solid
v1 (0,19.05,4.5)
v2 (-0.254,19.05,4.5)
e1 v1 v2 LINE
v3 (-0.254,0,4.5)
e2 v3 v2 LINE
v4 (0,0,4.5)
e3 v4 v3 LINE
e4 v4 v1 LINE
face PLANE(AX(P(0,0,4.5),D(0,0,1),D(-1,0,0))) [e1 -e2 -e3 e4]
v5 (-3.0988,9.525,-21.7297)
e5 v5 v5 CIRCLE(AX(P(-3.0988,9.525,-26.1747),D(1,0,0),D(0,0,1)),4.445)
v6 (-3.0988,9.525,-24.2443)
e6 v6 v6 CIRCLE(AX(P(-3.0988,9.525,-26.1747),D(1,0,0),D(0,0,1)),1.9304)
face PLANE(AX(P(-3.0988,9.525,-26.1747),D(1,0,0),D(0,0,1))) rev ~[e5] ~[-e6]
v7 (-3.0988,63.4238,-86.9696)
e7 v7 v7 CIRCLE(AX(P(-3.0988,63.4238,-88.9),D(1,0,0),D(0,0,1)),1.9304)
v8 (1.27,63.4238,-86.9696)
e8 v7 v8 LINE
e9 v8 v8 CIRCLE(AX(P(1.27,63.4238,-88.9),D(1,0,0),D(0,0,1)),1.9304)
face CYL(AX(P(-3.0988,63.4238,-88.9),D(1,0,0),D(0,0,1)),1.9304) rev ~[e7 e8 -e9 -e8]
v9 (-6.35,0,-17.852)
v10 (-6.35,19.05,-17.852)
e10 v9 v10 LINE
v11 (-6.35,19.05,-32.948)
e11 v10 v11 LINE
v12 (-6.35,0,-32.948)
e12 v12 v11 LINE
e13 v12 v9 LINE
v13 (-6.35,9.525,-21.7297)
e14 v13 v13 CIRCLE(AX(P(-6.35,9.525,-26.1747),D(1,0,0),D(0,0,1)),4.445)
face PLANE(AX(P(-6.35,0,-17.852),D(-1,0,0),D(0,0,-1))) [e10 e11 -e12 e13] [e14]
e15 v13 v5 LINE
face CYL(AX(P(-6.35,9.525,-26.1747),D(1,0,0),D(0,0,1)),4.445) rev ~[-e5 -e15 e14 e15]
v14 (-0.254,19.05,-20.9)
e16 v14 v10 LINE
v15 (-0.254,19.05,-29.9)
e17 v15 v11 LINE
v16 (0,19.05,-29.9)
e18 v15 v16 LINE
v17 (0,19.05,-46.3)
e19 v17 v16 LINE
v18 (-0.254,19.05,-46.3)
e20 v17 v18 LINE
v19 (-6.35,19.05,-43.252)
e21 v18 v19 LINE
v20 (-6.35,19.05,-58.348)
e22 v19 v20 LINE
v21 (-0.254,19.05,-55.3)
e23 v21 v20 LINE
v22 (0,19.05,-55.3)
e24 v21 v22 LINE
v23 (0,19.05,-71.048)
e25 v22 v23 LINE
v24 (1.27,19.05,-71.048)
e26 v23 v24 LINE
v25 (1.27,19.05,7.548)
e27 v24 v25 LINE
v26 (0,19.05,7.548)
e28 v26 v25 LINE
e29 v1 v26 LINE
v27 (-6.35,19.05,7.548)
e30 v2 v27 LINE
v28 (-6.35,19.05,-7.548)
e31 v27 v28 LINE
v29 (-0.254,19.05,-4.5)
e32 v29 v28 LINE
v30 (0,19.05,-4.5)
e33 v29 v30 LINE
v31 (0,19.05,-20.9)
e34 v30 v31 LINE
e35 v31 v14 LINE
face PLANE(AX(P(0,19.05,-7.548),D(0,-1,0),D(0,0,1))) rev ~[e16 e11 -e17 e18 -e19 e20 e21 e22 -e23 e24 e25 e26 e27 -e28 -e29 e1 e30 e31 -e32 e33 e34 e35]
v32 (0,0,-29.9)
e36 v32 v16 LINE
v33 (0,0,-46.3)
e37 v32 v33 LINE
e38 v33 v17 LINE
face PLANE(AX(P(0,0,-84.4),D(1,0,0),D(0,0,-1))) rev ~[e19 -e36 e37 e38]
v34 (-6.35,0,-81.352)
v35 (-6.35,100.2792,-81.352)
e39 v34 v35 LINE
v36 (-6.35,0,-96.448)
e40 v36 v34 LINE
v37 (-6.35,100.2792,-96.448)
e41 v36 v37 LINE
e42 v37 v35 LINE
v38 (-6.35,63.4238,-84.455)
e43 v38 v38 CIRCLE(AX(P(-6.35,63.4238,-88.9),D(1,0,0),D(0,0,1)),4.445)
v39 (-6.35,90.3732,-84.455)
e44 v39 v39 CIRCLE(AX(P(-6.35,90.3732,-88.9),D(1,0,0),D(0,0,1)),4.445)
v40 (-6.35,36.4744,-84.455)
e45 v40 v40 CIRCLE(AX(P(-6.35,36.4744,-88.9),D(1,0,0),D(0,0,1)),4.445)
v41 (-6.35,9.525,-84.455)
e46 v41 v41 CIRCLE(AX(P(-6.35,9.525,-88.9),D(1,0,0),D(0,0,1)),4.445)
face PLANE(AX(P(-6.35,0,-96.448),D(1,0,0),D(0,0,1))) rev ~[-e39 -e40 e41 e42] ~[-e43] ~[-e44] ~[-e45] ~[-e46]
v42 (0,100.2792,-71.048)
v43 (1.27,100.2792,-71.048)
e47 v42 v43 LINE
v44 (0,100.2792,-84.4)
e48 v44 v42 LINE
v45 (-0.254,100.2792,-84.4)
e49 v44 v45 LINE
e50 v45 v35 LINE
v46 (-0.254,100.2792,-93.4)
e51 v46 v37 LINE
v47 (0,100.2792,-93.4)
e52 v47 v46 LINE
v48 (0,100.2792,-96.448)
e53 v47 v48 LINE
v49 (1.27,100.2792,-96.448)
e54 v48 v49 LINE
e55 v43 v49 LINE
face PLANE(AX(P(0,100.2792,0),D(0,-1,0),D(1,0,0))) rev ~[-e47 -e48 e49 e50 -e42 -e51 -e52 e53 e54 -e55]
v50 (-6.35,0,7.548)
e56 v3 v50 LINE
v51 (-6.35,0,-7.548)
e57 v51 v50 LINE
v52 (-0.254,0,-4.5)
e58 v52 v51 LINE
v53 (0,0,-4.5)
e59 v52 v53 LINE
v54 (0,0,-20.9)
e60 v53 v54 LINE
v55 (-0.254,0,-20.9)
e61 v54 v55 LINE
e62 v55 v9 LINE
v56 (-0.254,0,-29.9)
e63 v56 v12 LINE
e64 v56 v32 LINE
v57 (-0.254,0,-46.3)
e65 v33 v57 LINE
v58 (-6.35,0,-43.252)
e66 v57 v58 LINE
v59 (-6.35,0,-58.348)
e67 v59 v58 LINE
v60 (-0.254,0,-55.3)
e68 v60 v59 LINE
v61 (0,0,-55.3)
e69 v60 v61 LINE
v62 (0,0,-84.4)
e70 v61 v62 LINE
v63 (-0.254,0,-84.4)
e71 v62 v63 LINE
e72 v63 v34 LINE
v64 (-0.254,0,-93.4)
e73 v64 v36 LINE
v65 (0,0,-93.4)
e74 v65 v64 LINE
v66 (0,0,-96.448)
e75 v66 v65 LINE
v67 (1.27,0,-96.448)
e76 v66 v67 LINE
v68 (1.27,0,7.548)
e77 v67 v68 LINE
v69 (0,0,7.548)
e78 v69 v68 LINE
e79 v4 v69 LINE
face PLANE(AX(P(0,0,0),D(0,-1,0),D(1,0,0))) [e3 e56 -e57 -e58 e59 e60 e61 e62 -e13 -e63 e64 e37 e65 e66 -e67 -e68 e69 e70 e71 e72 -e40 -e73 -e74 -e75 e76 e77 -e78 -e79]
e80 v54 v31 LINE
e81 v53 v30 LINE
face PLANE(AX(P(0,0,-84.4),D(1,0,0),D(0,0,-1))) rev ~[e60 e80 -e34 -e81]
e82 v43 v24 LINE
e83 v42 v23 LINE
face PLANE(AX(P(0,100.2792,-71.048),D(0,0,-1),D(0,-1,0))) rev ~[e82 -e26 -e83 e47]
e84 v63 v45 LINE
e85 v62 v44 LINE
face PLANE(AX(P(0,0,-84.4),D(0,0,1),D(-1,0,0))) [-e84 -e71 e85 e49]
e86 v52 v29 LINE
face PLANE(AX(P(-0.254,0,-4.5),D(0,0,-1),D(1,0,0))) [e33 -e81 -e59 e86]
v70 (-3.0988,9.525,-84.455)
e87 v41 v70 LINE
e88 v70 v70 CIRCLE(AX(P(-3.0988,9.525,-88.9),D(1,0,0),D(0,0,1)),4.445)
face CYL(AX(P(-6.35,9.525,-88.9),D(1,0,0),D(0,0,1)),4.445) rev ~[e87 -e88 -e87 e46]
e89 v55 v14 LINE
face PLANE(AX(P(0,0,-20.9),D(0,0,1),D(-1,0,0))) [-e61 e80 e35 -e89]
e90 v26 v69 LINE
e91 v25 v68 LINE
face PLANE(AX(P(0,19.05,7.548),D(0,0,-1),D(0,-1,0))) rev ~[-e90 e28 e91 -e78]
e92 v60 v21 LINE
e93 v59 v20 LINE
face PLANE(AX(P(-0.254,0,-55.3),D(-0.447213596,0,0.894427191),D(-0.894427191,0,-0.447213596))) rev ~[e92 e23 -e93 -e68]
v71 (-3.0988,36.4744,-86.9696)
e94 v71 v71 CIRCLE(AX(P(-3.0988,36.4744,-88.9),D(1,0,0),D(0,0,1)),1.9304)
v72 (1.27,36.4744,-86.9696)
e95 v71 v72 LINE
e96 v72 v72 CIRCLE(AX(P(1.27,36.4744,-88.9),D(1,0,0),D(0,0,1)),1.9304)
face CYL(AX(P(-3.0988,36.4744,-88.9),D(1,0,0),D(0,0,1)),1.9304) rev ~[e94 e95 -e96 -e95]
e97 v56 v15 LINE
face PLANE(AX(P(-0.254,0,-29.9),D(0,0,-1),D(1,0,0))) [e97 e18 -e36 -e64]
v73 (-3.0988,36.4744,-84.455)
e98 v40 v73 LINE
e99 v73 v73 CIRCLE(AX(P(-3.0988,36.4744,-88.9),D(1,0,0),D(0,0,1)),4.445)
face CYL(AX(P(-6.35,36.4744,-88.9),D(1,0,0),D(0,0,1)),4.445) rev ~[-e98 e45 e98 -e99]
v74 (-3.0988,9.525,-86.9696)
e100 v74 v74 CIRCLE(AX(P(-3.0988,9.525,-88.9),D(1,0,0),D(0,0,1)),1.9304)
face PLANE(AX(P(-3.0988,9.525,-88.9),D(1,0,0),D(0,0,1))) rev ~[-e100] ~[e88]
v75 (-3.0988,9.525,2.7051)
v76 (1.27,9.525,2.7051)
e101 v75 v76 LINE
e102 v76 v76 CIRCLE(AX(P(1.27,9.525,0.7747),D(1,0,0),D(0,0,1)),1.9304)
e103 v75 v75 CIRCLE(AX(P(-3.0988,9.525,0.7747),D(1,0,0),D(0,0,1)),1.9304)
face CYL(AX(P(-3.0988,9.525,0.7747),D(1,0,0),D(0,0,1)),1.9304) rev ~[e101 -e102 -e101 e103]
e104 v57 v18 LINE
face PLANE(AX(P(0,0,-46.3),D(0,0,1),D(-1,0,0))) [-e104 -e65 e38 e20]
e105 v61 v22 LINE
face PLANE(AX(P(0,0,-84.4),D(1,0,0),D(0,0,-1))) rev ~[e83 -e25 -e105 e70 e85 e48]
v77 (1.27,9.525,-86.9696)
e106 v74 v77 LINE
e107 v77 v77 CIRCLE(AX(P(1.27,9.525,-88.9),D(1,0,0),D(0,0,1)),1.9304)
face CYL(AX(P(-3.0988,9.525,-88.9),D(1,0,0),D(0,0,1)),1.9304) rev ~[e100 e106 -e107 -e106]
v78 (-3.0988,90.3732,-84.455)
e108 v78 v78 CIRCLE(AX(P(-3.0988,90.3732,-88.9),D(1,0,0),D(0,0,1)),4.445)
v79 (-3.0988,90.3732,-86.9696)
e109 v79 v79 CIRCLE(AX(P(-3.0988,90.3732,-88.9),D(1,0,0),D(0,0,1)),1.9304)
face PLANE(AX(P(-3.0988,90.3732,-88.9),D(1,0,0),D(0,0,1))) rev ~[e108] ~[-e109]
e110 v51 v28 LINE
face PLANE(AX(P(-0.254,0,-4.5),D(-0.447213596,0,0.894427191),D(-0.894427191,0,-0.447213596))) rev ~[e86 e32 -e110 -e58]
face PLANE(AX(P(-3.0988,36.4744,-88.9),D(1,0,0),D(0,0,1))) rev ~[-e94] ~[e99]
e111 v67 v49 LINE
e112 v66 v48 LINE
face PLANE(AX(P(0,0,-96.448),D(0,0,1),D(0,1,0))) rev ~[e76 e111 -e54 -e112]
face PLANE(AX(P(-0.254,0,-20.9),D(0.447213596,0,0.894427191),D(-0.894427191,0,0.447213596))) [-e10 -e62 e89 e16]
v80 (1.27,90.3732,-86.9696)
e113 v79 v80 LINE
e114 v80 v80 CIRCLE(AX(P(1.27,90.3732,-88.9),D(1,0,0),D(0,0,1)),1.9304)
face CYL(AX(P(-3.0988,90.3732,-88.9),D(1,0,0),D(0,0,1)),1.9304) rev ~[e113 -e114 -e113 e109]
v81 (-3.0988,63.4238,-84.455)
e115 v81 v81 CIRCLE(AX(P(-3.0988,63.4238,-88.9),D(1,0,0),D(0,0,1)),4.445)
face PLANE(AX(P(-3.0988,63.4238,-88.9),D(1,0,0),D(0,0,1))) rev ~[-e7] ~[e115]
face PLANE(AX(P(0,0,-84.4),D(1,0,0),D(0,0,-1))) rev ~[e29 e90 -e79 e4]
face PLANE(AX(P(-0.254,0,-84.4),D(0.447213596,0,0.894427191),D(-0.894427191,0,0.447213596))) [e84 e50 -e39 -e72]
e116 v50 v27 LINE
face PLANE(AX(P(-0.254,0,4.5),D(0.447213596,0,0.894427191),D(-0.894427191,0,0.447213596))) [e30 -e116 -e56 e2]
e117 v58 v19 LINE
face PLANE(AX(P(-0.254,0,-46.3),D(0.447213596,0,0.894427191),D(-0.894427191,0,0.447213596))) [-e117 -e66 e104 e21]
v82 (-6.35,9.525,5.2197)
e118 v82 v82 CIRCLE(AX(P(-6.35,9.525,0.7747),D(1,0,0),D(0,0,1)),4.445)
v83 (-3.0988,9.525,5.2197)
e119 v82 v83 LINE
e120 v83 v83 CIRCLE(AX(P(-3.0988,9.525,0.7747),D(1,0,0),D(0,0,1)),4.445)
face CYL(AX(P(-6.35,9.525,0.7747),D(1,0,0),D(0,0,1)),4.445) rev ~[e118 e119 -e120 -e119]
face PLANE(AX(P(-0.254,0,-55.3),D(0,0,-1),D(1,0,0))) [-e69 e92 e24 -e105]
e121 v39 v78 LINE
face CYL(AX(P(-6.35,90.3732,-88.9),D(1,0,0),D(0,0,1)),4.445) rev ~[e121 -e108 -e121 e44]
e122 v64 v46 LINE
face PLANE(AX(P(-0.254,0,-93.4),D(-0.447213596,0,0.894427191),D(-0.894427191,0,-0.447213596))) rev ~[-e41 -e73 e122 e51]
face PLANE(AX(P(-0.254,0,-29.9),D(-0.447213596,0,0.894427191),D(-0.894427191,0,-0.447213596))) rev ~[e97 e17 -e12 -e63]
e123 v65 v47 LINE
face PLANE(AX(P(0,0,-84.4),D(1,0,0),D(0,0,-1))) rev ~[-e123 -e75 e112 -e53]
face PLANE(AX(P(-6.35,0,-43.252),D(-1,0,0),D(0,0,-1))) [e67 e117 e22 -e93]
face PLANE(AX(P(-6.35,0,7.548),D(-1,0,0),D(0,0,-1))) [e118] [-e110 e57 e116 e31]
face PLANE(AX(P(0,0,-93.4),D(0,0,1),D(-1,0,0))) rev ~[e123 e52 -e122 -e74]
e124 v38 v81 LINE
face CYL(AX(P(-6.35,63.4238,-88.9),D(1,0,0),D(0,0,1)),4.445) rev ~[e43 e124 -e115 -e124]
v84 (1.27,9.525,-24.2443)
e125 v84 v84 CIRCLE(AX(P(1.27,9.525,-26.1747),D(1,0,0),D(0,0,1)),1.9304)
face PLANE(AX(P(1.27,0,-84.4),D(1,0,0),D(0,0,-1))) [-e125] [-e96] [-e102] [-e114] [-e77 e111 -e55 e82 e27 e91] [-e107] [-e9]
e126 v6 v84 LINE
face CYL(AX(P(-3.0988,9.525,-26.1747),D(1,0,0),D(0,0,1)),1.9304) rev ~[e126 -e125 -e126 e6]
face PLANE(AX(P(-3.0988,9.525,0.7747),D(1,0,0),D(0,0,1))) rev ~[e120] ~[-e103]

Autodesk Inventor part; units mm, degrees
ref_plane "YZ Plane" through (0, 0, 0) normal (1, 0, 0) x (0, 1, 0)
ref_plane "XY Plane" through (0, 0, 0) normal (0, 0, 1) x (1, 0, 0)
sketch "Sketch1" plane through (0, 0, 0) normal (0, 1, 0) x (-1, 0, 0)
  line L0 (0, 4.5) -> (0.254, 4.5)
  line L1 (0.254, -4.5) -> (0, -4.5)
  line L2 (6.35, 4.5) -> (6.35, -4.5)
  line L3 (6.35, 7.548) -> (6.35, 4.5)
  line L4 (6.35, -7.548) -> (6.35, -4.5)
  line L5 (0.254, 4.5) -> (6.35, 7.548)
  line L6 (0.254, -4.5) -> (6.35, -7.548)
  line L7 (0, 4.5) -> (0, -4.5)
  line L8 (0, -20.9) -> (0.254, -20.9)
  line L9 (0.254, -29.9) -> (0, -29.9)
  line L10 (6.35, -20.9) -> (6.35, -29.9)
  line L11 (6.35, -17.852) -> (6.35, -20.9)
  line L12 (6.35, -32.948) -> (6.35, -29.9)
  line L13 (0.254, -20.9) -> (6.35, -17.852)
  line L14 (0.254, -29.9) -> (6.35, -32.948)
  line L15 (0, -20.9) -> (0, -29.9)
  line L16 (0, -46.3) -> (0.254, -46.3)
  line L17 (0.254, -55.3) -> (0, -55.3)
  line L18 (6.35, -46.3) -> (6.35, -55.3)
  line L19 (6.35, -43.252) -> (6.35, -46.3)
  line L20 (6.35, -58.348) -> (6.35, -55.3)
  line L21 (0.254, -46.3) -> (6.35, -43.252)
  line L22 (0.254, -55.3) -> (6.35, -58.348)
  line L23 (0, -46.3) -> (0, -55.3)
  line L24 (0, -71.7) -> (0.254, -71.7)
  line L25 (0.254, -80.7) -> (0, -80.7)
  line L26 (6.35, -71.7) -> (6.35, -80.7)
  line L27 (6.35, -68.652) -> (6.35, -71.7)
  line L28 (6.35, -83.748) -> (6.35, -80.7)
  line L29 (0.254, -71.7) -> (6.35, -68.652)
  line L30 (0.254, -80.7) -> (6.35, -83.748)
  line L31 (0, -71.7) -> (0, -80.7)
  point P0 (0, 0)
  dimension "d16" = 6.096
  dimension "d25" = 9
  dimension "d26" = 3.048
  dimension "d27" = 3.048
  dimension "d28" = 0.254
  dimension "d29" = 0.254
  dimension "d33" = 25.4
extrude "Shape" add sketch "Sketch1" along normal blind 19.05 contours L0 L5 L3 L2 L4 L6 L1 L7 | L8 L13 L11 L10 L12 L14 L9 L15 | L16 L21 L19 L18 L20 L22 L17 L23
sketch "Sketch4" plane through (0, 0, 0) normal (0, -1, 0) x (1, 0, 0)
  line L0 (0, -55.3) -> (-0.254, -55.3) construction
  line L1 (0, -46.3) -> (0, -55.3) construction
  line L2 (-6.35, -43.252) -> (-0.254, -46.3) construction
  line L3 (-6.35, -58.348) -> (-6.35, -43.252) construction
  line L4 (-0.254, -55.3) -> (-6.35, -58.348) construction
  line L5 (-0.254, -46.3) -> (0, -46.3) construction
  line L6 (0, -84.4) -> (-0.254, -84.4)
  line L7 (-0.254, -84.4) -> (-6.35, -81.352)
  line L8 (-6.35, -96.448) -> (-6.35, -81.352)
  line L9 (-0.254, -55.3) -> (-6.35, -58.348) projected
  line L10 (-0.254, -93.4) -> (-6.35, -96.448)
  line L11 (0, -93.4) -> (-0.254, -93.4)
  line L12 (0, -93.4) -> (0, -84.4)
  line L13 (-0.254, -46.3) -> (0, -46.3) projected
  line L14 (0, -46.3) -> (0, -55.3) projected
  point P0 (0, 0)
  dimension "d81" = 38.1
extrude "Extrusion4" add sketch "Sketch4" against normal blind 100.2792
sketch "Sketch5" plane through (0, 0, -84.4) normal (1, 0, 0) x (0, 0, -1)
  line L0 (12.048, 0) -> (12.048, 100.2792) construction
  line L1 (0, 100.2792) -> (9, 100.2792) construction
  line L2 (-91.948, 0) -> (-91.948, 19.05) construction
  line L3 (-76.852, 0) -> (-91.948, 0) projected
  line L4 (12.048, 0) -> (9, 0) projected
  line L5 (-91.948, 0) -> (12.048, 0)
  line L6 (9, 100.2792) -> (12.048, 100.2792) projected
  line L7 (12.048, 0) -> (12.048, 100.2792)
  line L8 (12.048, 100.2792) -> (-13.352, 100.2792)
  line L9 (-13.352, 100.2792) -> (-13.352, 19.05)
  line L10 (-29.1, 19.05) -> (-26.052, 19.05) projected
  line L11 (-76.852, 19.05) -> (-91.948, 19.05) projected
  line L12 (-13.352, 19.05) -> (-91.948, 19.05)
  line L13 (-91.948, 19.05) -> (-91.948, 0)
  point P0 (-84.4, 0)
  point P1 (-91.948, 100.2792)
  point P2 (9, 0)
  dimension "d46" = 25.4
extrude "Extrusion5" add sketch "Sketch5" along normal blind 1.27
sketch "Sketch6" plane through (-6.35, 0, -96.448) normal (-1, 0, 0) x (0, 0, 1)
  line L0 (0, 100.2792) -> (15.096, 100.2792) projected
  line L1 (7.548, 100.2792) -> (7.548, 0) construction
  line L2 (103.996, 0) -> (0, 0) projected
  circle A0 centre (7.548, 9.525) radius 1.9304
  circle A1 centre (7.548, 36.4744) radius 1.9304
  circle A2 centre (7.548, 63.4238) radius 1.9304
  circle A3 centre (7.548, 90.3732) radius 1.9304
  circle A4 centre (97.2227, 9.525) radius 1.9304
  circle A5 centre (70.2733, 9.525) radius 1.9304
  line L3 (103.996, 0) -> (103.996, 19.05) projected
  line L4 (25.4, 19.05) -> (103.996, 19.05) construction
  line L5 (96.448, 19.05) -> (96.448, 0) construction
  line L6 (63.5, 19.05) -> (78.596, 19.05) construction
  line L7 (71.048, 19.05) -> (71.048, 0) construction
  line L8 (63.5, 0) -> (78.596, 0) construction
  line L9 (63.5, 0) -> (63.5, 19.05) projected
  line L10 (78.596, 0) -> (78.596, 19.05) projected
  dimension "d54" = 26.9494
  dimension "d48" = 3.8608
  dimension "d51" = 26.9494
  dimension "d57" = 3.8608
  dimension "d60" = 26.9494
  dimension "d69" = 0.7747
hole "Hole1" at (-6.35, 90.3732, -88.9) at (-6.35, 63.4238, -88.9) at (-6.35, 36.4744, -88.9) at (-6.35, 9.525, -88.9) at (-6.35, 9.525, -26.1747) at (-6.35, 9.525, 0.7747) direction (1, 0, 0) diameter 3.8608 end through all counterbore diameter 8.89 counterbore depth 3.2512
ref_plane "Work Plane1" through (0, 9.525, 0) normal (0, 1, 0) x (-1, 0, 0)
ref_plane "Work Plane2" through (8.746, 0, -88.9) normal (0, 0, -1) x (0, 1, 0)
equation "\"d27\" = d26"
equation "\"d29\" = d28"
properties part number "Lift mount insert left"
